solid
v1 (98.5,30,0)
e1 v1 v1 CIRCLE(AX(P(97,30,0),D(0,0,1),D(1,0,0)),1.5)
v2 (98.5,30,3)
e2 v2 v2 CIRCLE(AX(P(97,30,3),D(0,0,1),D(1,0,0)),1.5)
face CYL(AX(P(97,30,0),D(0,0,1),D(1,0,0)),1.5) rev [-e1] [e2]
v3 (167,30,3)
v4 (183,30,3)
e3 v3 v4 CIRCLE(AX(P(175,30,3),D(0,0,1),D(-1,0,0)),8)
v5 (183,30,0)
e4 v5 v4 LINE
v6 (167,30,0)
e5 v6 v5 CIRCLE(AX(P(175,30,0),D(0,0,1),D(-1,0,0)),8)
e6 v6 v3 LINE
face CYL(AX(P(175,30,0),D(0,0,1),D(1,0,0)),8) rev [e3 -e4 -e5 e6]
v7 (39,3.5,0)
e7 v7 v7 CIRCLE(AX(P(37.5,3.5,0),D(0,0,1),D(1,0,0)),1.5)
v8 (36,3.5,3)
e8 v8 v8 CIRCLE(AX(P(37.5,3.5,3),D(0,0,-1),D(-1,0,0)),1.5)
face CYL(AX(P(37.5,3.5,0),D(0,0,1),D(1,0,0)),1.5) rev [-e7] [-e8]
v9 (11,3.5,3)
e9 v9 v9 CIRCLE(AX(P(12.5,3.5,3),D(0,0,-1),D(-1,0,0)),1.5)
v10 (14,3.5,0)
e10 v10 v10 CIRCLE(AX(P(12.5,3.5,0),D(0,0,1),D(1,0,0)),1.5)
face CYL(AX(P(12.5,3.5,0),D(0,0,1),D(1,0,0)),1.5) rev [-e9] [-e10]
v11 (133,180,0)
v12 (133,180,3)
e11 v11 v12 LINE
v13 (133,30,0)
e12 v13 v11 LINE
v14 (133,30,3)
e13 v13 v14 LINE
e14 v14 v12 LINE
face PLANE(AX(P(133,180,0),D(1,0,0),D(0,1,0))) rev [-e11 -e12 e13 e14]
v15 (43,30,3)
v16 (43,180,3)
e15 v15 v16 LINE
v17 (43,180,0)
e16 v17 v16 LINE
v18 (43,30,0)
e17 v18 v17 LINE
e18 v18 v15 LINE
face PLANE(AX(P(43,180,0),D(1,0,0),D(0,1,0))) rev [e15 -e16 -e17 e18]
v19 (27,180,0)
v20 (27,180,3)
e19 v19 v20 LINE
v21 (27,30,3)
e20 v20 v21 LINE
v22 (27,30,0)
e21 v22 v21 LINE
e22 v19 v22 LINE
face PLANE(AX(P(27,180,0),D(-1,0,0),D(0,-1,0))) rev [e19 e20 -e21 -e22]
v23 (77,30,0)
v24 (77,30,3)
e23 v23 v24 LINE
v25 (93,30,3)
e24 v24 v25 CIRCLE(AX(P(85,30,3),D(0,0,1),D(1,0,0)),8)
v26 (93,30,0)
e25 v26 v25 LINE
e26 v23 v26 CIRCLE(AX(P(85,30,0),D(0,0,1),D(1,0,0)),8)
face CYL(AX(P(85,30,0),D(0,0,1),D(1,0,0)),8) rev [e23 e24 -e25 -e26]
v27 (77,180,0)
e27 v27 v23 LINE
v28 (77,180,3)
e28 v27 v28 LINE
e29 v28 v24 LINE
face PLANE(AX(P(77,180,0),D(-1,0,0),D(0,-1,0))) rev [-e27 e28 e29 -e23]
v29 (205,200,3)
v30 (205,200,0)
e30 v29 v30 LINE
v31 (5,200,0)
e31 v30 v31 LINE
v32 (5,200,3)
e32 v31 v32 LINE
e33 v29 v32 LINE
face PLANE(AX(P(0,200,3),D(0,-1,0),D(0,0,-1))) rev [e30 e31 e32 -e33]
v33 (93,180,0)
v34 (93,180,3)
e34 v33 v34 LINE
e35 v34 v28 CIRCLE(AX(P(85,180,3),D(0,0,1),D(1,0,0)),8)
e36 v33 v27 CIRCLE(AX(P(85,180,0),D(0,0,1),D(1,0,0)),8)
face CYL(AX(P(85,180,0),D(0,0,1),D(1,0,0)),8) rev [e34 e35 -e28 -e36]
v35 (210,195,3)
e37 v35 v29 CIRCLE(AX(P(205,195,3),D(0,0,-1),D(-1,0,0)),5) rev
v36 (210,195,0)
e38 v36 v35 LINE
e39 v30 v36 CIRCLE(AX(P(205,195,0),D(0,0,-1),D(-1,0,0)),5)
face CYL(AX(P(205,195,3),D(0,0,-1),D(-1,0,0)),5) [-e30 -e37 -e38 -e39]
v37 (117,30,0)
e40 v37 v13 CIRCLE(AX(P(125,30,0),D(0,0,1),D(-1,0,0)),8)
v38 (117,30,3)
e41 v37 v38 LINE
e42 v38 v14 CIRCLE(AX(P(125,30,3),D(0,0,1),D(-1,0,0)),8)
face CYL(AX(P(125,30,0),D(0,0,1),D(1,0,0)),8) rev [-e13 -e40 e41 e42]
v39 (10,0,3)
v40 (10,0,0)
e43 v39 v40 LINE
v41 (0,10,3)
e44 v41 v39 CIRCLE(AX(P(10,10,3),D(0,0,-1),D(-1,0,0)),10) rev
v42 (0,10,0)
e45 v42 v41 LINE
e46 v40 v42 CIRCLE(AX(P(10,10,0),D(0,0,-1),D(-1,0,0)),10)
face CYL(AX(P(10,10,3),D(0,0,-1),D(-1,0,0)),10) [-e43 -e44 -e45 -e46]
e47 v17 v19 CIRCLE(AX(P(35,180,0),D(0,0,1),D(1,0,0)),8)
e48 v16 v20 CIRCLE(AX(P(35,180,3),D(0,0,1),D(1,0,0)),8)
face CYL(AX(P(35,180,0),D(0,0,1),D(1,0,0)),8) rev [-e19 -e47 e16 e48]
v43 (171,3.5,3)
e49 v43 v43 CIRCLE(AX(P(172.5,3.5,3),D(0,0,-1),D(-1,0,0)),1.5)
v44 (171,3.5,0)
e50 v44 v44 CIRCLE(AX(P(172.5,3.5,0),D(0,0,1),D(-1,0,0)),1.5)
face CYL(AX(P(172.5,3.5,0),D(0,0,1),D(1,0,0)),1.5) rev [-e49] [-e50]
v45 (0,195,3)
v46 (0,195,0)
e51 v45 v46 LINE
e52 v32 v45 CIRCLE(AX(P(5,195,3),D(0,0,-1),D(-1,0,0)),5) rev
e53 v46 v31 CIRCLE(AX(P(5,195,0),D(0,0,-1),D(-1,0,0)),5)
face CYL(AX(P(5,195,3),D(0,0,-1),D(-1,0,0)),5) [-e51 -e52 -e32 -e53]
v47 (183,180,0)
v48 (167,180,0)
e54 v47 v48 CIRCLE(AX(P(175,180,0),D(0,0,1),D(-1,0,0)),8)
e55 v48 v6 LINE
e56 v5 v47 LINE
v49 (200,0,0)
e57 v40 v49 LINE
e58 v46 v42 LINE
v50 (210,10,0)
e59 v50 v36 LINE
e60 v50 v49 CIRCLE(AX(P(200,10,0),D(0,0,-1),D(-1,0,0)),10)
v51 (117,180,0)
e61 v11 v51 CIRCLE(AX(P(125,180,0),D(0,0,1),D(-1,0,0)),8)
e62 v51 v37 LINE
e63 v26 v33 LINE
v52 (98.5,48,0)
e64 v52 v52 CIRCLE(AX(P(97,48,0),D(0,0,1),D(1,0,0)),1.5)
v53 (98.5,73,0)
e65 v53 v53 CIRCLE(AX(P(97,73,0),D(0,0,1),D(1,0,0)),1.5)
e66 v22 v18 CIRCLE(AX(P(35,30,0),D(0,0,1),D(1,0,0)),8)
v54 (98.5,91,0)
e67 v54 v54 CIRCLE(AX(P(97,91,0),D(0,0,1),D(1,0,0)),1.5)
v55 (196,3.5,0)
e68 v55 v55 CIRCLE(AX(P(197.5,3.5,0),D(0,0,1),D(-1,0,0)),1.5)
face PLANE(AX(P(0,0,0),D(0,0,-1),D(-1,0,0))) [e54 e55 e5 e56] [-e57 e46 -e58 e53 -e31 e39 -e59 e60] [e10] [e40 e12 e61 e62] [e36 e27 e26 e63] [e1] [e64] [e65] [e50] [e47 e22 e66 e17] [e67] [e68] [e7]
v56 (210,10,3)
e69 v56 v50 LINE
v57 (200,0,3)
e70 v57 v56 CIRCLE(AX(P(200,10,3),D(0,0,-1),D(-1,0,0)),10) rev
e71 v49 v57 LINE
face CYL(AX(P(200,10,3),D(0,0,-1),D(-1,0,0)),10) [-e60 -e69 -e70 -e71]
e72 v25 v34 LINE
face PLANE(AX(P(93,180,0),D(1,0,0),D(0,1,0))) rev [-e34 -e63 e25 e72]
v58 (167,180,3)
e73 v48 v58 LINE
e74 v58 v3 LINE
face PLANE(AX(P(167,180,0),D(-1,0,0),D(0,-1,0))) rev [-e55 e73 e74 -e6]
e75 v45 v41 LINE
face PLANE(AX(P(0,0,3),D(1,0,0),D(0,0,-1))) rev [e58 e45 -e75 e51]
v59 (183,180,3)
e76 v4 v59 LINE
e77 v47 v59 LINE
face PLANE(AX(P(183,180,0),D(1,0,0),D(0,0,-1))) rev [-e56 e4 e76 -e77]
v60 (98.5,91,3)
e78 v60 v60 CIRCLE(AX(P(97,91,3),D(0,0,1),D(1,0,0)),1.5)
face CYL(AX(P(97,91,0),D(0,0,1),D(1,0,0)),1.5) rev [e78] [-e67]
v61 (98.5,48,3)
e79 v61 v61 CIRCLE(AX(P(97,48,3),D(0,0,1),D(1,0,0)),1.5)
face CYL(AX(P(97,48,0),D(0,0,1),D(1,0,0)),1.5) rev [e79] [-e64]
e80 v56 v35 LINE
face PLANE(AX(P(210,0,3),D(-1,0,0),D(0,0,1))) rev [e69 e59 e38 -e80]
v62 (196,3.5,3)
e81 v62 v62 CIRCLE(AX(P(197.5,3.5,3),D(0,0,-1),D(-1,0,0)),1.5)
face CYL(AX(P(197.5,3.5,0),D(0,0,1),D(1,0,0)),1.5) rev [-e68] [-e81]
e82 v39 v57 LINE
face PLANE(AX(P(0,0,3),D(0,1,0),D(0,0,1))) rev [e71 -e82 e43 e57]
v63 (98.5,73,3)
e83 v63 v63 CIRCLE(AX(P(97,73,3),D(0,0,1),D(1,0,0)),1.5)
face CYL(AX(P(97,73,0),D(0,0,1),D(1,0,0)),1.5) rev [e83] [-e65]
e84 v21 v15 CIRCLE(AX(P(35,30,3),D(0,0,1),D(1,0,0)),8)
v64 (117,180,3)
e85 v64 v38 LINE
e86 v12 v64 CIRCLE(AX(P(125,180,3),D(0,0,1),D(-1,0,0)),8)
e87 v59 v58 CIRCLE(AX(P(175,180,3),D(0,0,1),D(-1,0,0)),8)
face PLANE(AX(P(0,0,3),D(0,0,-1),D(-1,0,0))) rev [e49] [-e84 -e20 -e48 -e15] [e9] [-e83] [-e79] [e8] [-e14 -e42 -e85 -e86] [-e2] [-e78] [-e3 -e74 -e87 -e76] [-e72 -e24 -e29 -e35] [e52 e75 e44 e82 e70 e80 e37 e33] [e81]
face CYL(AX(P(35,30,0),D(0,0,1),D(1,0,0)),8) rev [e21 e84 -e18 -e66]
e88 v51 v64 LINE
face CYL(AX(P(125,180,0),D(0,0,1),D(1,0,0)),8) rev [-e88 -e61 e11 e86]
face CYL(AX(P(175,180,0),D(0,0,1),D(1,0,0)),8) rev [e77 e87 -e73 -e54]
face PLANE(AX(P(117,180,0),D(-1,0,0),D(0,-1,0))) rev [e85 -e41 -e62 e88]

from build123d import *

# Parameters (mm, degrees)
SKETCH_1_W               = 210
SKETCH_1_H               = 200
EXTRUDE_1_DEPTH          = 3
CUT_EXTRUDE_1_DEPTH      = 291.015516826
FILLET_2_R               = 10
FILLET_3_R               = 5
CUT_EXTRUDE_2_DEPTH      = 291.015516826
CUT_EXTRUDE_2_DEPTH_BACK = 291.015516826
SKETCH_4_R               = 1.5
SKETCH_5_R               = 1.5
CUT_EXTRUDE_3_DEPTH      = 291.015516826


with BuildPart() as part:
    # 草图1 → 凸台-拉伸1 (new body)
    with BuildSketch(Plane.XY):
        with Locations((105, 100)):
            Rectangle(SKETCH_1_W, SKETCH_1_H)
    extrude(amount=EXTRUDE_1_DEPTH)

    # 草图2 → 切除-拉伸1 (cut, through all)
    with BuildSketch(Plane.XY.offset(3)):
        with BuildLine():
            Line((43, 180), (43, 30))
            ThreePointArc((43, 30), (35, 22), (27, 30))
            Line((27, 30), (27, 180))
            ThreePointArc((27, 180), (35, 188), (43, 180))
        make_face()
        with BuildLine():
            Line((167, 180), (167, 30))
            ThreePointArc((167, 30), (175, 22), (183, 30))
            Line((183, 30), (183, 180))
            ThreePointArc((183, 180), (175, 188), (167, 180))
        make_face()
        with BuildLine():
            Line((93, 180), (93, 30))
            ThreePointArc((93, 30), (85, 22), (77, 30))
            Line((77, 30), (77, 180))
            ThreePointArc((77, 180), (85, 188), (93, 180))
        make_face()
        with BuildLine():
            Line((117, 180), (117, 30))
            ThreePointArc((117, 30), (125, 22), (133, 30))
            Line((133, 30), (133, 180))
            ThreePointArc((133, 180), (125, 188), (117, 180))
        make_face()
    extrude(amount=-CUT_EXTRUDE_1_DEPTH, mode=Mode.SUBTRACT)

    # 圆角2
    fillet_2_edges = [part.edges().sort_by_distance(p)[0] for p in [
        (210, 0, 1.5),
        (0, 0, 1.5),
    ]]
    fillet(fillet_2_edges, radius=FILLET_2_R)

    # 圆角3
    fillet_3_edges = [part.edges().sort_by_distance(p)[0] for p in [
        (0, 200, 1.5),
        (210, 200, 1.5),
    ]]
    fillet(fillet_3_edges, radius=FILLET_3_R)

    # 草图4 → 切除-拉伸2 (cut, two sides: drawn at the far end of the back side and taken through both)
    with BuildSketch(Plane.XY.offset(3).offset(-CUT_EXTRUDE_2_DEPTH_BACK)):
        with Locations((12.5, 3.5)):
            Circle(SKETCH_4_R)
        with Locations((37.5, 3.5)):
            Circle(SKETCH_4_R)
        with Locations(Location((172.5, 3.5, 0), (0, 0, 180))):
            Circle(SKETCH_4_R)
        with Locations(Location((197.5, 3.5, 0), (0, 0, 180))):
            Circle(SKETCH_4_R)
    extrude(amount=CUT_EXTRUDE_2_DEPTH + CUT_EXTRUDE_2_DEPTH_BACK, mode=Mode.SUBTRACT)

    # 草图5 → 切除-拉伸3 (cut, through all)
    with BuildSketch(Plane.XY.offset(3)):
        with Locations((97, 48)):
            Circle(SKETCH_5_R)
        with Locations((97, 30)):
            Circle(SKETCH_5_R)
        with Locations((97, 73)):
            Circle(SKETCH_5_R)
        with Locations((97, 91)):
            Circle(SKETCH_5_R)
    extrude(amount=-CUT_EXTRUDE_3_DEPTH, mode=Mode.SUBTRACT)


solid = part.part
